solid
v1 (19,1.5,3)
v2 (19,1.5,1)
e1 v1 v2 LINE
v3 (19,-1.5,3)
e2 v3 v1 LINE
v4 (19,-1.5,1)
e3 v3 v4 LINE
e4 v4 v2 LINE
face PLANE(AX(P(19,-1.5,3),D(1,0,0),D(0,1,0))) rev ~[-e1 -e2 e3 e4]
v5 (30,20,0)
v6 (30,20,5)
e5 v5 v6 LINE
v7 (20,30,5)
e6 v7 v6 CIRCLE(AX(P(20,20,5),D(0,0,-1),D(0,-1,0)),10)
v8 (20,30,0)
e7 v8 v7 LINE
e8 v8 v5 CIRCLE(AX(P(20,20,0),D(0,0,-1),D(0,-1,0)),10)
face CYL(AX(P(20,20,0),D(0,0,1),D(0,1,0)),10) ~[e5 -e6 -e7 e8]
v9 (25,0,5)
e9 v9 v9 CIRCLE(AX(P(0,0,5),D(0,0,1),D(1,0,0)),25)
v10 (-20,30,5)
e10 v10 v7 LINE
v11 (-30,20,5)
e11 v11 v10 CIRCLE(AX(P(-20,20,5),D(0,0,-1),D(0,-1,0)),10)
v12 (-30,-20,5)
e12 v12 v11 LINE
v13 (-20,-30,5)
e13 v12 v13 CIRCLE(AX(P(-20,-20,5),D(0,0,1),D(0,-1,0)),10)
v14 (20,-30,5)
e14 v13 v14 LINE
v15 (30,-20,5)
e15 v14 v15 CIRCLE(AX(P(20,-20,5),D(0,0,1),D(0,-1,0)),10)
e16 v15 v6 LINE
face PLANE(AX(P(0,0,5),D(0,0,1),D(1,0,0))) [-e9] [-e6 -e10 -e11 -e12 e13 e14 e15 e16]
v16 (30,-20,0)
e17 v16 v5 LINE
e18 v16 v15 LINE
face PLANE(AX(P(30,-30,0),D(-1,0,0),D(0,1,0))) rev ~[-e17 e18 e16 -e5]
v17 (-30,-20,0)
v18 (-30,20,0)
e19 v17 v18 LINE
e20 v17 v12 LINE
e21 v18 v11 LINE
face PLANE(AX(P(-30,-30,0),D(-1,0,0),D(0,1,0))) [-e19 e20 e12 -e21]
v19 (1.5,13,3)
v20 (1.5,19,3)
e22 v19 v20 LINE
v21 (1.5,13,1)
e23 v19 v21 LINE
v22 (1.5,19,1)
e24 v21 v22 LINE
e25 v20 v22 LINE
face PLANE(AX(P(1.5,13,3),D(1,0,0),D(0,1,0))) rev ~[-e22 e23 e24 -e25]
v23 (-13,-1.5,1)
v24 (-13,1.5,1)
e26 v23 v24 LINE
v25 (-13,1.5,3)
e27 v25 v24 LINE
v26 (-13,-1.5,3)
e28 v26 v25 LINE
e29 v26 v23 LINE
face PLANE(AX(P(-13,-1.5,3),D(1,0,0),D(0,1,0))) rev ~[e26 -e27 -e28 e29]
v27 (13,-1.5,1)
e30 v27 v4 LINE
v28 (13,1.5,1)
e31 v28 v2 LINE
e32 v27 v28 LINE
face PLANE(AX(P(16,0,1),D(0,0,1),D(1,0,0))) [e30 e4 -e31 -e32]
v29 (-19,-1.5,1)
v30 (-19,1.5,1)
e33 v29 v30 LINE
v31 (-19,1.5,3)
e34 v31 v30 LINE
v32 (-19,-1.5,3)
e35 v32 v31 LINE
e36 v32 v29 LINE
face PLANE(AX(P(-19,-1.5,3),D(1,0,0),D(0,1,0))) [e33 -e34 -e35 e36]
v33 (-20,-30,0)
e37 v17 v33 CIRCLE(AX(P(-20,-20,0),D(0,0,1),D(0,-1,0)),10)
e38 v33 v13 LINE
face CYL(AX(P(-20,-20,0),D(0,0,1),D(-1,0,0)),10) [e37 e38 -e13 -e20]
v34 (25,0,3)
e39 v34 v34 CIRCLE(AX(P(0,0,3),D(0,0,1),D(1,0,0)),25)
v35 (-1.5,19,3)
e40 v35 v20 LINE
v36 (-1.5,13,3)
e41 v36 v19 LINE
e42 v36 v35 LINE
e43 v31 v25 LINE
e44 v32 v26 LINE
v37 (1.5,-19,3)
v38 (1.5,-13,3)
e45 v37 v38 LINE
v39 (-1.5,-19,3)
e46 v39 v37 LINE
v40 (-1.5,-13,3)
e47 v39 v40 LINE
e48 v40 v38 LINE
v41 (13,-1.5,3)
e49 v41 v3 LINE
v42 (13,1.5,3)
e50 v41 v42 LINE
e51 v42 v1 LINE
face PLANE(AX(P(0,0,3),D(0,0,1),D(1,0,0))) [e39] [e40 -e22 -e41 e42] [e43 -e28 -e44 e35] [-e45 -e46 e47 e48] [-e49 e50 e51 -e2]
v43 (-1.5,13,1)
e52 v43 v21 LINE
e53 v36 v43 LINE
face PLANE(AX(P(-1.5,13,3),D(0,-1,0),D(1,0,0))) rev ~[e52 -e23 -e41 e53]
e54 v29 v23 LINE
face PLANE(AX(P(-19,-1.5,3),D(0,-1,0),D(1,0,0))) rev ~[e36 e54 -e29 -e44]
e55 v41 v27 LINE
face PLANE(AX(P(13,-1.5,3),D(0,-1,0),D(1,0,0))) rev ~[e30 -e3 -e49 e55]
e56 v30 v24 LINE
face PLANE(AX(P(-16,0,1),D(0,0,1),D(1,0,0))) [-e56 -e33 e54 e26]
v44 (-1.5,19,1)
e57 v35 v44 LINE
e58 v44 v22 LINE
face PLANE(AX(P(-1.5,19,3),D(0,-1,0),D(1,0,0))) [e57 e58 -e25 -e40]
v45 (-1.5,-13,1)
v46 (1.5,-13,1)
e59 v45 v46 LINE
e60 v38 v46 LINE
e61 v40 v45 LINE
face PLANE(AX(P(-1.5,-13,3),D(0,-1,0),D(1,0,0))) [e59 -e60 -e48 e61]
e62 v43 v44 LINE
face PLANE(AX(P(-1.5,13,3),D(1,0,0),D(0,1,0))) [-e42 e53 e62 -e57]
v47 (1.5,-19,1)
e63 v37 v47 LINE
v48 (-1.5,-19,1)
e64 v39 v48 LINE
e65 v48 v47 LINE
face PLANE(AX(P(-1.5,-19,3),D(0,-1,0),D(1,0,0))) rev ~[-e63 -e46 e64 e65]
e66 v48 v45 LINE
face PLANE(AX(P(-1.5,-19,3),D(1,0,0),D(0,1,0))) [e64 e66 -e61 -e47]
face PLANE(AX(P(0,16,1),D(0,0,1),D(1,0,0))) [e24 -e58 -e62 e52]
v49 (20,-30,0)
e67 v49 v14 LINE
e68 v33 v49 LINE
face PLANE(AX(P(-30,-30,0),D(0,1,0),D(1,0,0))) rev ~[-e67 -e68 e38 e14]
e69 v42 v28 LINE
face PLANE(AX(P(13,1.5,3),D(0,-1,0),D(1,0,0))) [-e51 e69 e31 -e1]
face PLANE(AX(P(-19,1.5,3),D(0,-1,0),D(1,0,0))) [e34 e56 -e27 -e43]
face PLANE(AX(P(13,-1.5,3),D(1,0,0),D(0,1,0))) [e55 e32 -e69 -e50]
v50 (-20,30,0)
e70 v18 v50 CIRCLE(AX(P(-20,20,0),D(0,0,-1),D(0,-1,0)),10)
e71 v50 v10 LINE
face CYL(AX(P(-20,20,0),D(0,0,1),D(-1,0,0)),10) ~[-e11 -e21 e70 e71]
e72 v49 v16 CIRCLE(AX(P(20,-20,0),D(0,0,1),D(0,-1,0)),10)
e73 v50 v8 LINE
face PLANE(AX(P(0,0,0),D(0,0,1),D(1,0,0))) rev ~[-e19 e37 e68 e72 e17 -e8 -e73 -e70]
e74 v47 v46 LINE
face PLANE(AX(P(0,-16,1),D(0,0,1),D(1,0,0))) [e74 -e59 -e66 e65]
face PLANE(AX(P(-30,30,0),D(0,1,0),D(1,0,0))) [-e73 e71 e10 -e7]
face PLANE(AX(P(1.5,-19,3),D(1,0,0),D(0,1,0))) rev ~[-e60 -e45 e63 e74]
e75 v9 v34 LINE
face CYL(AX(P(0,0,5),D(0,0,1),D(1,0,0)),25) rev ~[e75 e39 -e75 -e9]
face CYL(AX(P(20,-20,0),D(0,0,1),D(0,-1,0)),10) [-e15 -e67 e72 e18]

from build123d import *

# Parameters (mm, degrees)
F0_W     = 60
F0_H     = 60
F1_DEPTH = 5
F2_R     = 25
F3_DEPTH = 2
F4_W     = 3
F4_H     = 6
F4_W_2   = 6
F4_H_2   = 3
F5_DEPTH = 2
F6_R     = 10


with BuildPart() as f1:
    # F0 (on Top) → F1 (new body)
    with BuildSketch(Plane.XY):
        Rectangle(F0_W, F0_H)
    extrude(amount=F1_DEPTH)

    # F2 (on face) → F3 (cut)
    with BuildSketch(Plane.XY.offset(5)):
        Circle(F2_R)
    extrude(amount=-F3_DEPTH, mode=Mode.SUBTRACT)

    # F4 (on face) → F5 (cut)
    with BuildSketch(Plane.XY.offset(3)):
        with Locations((0, 16)):
            Rectangle(F4_W, F4_H)
        with Locations((-16, 0)):
            Rectangle(F4_W_2, F4_H_2)
        with Locations((16, 0)):
            Rectangle(F4_W_2, F4_H_2)
        with Locations((0, -16)):
            Rectangle(F4_W, F4_H)
    extrude(amount=-F5_DEPTH, mode=Mode.SUBTRACT)

    # F6
    f6_edges = [f1.edges().sort_by_distance(p)[0] for p in [
        (30, -30, 2.5),
        (30, 30, 2.5),
        (-30, 30, 2.5),
        (-30, -30, 2.5),
    ]]
    fillet(f6_edges, radius=F6_R)


solid = f1.part
